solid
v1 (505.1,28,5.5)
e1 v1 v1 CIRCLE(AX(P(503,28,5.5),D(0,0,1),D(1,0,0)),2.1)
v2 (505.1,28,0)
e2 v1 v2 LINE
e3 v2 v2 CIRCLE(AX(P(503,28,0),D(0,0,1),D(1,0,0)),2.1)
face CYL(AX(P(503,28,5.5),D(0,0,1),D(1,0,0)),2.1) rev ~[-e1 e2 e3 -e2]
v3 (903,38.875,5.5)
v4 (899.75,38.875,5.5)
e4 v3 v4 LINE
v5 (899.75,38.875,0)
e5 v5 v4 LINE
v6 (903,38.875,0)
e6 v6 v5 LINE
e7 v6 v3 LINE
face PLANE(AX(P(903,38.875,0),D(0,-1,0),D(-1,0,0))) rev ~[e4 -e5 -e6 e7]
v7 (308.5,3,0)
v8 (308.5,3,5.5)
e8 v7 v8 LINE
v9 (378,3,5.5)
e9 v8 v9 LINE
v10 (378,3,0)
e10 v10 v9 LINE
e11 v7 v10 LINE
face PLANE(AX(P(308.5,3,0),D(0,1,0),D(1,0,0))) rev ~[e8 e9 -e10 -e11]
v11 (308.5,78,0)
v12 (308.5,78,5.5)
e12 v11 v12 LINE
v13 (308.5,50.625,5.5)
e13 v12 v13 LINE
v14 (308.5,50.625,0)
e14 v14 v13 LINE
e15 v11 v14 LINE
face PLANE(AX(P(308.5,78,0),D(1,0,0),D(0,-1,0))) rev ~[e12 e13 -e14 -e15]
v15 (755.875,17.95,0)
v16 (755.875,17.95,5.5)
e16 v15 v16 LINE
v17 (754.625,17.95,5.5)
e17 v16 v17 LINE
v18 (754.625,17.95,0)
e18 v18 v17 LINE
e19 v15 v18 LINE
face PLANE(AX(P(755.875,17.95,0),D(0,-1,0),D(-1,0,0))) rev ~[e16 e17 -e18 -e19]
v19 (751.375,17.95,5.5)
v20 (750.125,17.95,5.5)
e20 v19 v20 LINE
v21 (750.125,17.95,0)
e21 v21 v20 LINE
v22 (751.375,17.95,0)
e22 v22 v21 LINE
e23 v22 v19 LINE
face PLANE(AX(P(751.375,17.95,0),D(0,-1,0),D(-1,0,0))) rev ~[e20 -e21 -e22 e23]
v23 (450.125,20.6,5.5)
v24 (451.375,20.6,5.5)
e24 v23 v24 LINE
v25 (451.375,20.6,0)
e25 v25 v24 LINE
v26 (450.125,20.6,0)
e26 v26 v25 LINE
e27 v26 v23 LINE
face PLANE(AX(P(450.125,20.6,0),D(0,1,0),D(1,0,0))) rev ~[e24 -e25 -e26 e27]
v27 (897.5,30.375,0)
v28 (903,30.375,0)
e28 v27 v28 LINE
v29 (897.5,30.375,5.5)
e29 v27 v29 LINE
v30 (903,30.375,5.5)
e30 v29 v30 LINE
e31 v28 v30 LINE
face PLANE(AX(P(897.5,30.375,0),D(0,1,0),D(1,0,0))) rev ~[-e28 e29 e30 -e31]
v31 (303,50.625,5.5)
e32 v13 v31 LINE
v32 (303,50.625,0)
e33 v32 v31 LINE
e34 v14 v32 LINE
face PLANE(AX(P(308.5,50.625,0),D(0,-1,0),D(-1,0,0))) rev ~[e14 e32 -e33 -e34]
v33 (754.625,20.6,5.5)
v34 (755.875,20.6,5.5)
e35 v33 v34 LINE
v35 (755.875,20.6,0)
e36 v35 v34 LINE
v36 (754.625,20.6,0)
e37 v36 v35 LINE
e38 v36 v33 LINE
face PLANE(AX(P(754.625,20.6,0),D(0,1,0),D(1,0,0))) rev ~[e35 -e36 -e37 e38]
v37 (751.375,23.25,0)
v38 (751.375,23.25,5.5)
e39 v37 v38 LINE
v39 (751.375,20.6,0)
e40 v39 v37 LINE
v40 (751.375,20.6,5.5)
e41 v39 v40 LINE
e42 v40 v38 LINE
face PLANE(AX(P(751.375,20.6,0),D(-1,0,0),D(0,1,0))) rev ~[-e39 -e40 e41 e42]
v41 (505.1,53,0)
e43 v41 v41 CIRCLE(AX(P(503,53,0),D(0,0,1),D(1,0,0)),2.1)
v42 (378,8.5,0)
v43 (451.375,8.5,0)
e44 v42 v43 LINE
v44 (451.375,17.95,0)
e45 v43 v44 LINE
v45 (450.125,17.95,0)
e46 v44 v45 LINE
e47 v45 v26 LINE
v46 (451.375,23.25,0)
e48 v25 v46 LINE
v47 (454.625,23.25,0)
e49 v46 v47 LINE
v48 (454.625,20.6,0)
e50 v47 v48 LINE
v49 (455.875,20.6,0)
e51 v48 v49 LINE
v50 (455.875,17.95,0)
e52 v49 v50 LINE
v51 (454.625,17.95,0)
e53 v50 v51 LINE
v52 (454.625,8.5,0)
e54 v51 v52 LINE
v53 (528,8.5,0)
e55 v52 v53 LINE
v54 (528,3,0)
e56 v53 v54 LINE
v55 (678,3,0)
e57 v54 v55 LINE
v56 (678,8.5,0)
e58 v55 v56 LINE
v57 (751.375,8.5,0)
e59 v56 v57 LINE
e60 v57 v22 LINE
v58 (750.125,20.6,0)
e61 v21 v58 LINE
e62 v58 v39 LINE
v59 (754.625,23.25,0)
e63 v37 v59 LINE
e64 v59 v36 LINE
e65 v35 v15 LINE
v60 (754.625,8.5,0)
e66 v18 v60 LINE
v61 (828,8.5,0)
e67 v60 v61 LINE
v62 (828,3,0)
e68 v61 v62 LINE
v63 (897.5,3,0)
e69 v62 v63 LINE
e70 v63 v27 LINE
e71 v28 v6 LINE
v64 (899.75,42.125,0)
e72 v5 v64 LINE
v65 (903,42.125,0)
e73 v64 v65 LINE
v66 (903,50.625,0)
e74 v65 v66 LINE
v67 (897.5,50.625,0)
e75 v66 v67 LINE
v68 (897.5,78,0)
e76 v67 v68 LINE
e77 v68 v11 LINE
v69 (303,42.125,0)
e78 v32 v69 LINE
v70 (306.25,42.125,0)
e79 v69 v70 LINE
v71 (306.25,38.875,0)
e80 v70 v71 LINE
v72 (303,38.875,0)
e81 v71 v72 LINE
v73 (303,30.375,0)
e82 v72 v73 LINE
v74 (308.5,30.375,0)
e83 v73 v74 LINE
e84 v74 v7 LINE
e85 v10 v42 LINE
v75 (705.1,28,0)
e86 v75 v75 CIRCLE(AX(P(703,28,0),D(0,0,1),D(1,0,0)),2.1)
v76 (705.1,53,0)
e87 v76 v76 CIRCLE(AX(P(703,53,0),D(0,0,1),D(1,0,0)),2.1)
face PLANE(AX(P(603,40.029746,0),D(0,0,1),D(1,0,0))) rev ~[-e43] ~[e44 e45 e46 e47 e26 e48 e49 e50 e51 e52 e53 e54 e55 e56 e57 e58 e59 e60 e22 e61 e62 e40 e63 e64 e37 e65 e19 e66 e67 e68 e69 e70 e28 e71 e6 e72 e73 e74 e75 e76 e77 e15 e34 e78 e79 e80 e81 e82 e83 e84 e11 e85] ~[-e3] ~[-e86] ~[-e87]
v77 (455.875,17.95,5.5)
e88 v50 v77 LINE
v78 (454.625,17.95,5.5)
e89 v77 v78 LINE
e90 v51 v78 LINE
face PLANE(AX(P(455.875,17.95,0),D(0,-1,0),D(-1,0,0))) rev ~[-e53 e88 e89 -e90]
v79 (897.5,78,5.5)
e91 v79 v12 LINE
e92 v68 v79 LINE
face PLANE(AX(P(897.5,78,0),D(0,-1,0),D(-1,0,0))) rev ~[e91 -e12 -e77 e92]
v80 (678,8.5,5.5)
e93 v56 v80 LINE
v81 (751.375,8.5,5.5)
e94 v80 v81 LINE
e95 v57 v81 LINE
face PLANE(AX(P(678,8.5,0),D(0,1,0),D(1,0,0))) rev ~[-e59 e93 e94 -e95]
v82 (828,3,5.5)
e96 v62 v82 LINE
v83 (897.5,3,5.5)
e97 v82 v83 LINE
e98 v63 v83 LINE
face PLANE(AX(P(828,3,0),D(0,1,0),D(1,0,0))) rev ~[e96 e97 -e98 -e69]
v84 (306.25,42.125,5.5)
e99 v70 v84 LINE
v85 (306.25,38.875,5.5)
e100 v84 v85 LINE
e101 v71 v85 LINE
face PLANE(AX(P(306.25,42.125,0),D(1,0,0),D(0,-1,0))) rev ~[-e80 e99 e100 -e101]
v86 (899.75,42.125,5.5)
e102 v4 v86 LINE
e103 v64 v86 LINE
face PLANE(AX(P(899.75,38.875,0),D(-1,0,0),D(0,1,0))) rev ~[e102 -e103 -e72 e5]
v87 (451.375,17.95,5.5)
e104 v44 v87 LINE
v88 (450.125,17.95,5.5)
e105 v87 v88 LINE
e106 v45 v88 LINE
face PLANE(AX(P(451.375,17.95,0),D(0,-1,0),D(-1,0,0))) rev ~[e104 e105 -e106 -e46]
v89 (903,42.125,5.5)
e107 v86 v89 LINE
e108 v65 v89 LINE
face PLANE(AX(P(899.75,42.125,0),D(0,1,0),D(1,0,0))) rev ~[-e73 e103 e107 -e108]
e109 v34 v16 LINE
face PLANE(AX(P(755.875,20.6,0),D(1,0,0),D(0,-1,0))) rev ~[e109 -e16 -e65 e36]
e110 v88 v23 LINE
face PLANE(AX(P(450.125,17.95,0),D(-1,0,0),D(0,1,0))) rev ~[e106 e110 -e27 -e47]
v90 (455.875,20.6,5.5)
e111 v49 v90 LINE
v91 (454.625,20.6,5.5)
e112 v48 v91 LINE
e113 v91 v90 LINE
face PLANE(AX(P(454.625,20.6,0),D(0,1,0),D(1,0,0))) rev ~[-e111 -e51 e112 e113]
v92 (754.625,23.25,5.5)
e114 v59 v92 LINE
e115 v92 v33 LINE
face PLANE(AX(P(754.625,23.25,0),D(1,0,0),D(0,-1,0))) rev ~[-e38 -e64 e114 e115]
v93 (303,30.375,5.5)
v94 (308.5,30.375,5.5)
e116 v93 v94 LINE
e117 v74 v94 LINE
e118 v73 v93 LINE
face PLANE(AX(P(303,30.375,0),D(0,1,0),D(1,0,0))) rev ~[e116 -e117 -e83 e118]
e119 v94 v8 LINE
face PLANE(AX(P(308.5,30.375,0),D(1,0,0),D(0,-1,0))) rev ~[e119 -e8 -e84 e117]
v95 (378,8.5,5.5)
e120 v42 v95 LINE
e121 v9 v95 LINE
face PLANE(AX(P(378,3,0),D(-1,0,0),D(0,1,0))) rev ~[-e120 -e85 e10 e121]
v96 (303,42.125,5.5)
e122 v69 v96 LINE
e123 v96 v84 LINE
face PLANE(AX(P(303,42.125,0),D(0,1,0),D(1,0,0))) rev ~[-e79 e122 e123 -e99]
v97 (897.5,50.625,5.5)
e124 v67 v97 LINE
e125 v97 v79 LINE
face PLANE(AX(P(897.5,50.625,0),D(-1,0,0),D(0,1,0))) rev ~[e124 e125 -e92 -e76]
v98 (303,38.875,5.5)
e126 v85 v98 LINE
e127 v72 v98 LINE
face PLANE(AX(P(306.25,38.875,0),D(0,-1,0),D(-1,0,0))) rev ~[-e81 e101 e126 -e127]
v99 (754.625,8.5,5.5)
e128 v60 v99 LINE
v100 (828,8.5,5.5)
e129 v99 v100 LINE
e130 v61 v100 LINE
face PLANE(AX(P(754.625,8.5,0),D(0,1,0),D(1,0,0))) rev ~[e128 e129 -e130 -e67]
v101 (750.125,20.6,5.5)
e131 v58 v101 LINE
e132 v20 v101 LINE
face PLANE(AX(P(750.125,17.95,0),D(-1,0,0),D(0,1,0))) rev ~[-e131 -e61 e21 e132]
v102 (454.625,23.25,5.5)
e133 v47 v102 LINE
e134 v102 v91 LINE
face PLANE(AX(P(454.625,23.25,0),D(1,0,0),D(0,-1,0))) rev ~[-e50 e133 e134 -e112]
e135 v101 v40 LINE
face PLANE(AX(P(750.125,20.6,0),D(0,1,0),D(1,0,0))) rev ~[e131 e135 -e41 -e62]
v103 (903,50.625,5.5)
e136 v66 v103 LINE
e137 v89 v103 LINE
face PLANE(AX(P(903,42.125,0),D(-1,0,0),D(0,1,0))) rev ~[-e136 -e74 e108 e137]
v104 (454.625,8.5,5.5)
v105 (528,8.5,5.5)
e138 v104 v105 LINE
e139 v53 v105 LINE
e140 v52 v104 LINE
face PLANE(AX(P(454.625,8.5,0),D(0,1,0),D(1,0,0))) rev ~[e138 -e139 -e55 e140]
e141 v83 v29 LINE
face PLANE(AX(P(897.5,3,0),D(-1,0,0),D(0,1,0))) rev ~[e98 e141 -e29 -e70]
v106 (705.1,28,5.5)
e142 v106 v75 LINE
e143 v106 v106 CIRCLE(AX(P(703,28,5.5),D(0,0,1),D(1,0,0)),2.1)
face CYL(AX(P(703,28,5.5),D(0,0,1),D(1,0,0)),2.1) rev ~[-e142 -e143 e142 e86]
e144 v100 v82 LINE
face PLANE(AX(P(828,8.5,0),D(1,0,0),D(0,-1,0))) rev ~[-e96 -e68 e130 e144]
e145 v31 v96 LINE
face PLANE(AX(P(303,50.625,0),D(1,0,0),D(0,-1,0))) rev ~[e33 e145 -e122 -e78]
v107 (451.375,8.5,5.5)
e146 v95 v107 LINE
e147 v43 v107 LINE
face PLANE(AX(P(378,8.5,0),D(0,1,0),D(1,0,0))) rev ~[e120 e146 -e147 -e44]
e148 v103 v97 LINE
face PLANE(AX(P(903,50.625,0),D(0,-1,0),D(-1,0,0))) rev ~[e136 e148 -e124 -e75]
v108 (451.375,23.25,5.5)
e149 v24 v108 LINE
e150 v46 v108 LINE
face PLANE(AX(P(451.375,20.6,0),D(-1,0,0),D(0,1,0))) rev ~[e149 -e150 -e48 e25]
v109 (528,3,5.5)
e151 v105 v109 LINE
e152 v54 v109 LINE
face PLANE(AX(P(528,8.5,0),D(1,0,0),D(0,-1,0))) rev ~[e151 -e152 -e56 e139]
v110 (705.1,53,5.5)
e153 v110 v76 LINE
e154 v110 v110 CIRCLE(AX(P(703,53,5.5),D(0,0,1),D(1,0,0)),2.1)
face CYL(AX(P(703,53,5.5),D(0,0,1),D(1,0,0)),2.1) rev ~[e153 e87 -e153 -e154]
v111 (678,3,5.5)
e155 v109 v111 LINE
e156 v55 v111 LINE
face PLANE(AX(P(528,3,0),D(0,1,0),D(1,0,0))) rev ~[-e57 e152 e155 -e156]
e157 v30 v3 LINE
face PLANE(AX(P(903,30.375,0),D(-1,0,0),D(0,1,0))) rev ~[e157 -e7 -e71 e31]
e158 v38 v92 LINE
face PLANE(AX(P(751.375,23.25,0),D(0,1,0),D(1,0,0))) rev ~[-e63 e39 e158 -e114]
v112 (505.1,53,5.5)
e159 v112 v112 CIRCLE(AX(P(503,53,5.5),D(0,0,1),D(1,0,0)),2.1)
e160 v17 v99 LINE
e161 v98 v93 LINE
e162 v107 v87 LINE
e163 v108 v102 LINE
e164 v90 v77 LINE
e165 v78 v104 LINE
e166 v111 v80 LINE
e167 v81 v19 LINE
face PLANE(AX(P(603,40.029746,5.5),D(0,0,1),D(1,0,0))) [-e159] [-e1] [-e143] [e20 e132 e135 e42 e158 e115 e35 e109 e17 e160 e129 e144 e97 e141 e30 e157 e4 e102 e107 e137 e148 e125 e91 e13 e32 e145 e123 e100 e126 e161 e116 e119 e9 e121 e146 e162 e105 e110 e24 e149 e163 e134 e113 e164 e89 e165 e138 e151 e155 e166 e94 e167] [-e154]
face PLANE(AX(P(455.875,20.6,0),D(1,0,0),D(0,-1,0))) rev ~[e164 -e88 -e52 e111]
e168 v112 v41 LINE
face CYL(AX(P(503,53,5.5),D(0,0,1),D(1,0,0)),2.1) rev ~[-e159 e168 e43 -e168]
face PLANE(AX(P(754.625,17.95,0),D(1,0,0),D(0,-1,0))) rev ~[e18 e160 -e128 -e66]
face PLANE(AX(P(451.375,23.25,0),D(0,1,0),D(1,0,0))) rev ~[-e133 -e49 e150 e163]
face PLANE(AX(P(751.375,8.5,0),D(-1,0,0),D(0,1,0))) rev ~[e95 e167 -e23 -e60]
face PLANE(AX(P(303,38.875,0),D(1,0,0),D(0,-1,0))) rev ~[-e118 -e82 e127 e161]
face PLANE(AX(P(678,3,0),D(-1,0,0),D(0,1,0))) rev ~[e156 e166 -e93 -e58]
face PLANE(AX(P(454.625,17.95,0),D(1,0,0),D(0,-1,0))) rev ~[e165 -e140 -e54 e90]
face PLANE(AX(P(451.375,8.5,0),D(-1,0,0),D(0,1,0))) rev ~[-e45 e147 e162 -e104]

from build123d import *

# Parameters (mm, degrees)
BOSS_EXTRUDE1_DEPTH = 5.5
SKETCH2_R           = 2.1
CUT_EXTRUDE1_DEPTH  = 907.379197687


with BuildPart() as part:
    # Sketch1 → Boss-Extrude1 (new body)
    with BuildSketch(Plane.XY):
        Polygon((308.5, 78), (308.5, 50.625), (303, 50.625), (303, 42.125), (306.25, 42.125), (306.25, 40.5), (306.25, 38.875), (303, 38.875), (303, 30.375), (308.5, 30.375), (308.5, 3), (378, 3), (378, 8.5), (451.375, 8.5), (451.375, 17.95), (450.125, 17.95), (450.125, 20.6), (451.375, 20.6), (451.375, 23.25), (454.625, 23.25), (454.625, 20.6), (455.875, 20.6), (455.875, 17.95), (454.625, 17.95), (454.625, 8.5), (528, 8.5), (528, 3), (678, 3), (678, 8.5), (751.375, 8.5), (751.375, 17.95), (750.125, 17.95), (750.125, 20.6), (751.375, 20.6), (751.375, 23.25), (754.625, 23.25), (754.625, 20.6), (755.875, 20.6), (755.875, 17.95), (754.625, 17.95), (754.625, 8.5), (828, 8.5), (828, 3), (897.5, 3), (897.5, 30.375), (903, 30.375), (903, 38.875), (899.75, 38.875), (899.75, 40.5), (899.75, 42.125), (903, 42.125), (903, 50.625), (897.5, 50.625), (897.5, 78), align=None)
    extrude(amount=BOSS_EXTRUDE1_DEPTH)

    # Sketch2 → Cut-Extrude1 (cut, through all)
    with BuildSketch(Plane.XY.offset(5.5)):
        with Locations((503, 53)):
            Circle(SKETCH2_R)
        with Locations((503, 28)):
            Circle(SKETCH2_R)
        with Locations((703, 28)):
            Circle(SKETCH2_R)
        with Locations((703, 53)):
            Circle(SKETCH2_R)
    extrude(amount=-CUT_EXTRUDE1_DEPTH, mode=Mode.SUBTRACT)


solid = part.part
